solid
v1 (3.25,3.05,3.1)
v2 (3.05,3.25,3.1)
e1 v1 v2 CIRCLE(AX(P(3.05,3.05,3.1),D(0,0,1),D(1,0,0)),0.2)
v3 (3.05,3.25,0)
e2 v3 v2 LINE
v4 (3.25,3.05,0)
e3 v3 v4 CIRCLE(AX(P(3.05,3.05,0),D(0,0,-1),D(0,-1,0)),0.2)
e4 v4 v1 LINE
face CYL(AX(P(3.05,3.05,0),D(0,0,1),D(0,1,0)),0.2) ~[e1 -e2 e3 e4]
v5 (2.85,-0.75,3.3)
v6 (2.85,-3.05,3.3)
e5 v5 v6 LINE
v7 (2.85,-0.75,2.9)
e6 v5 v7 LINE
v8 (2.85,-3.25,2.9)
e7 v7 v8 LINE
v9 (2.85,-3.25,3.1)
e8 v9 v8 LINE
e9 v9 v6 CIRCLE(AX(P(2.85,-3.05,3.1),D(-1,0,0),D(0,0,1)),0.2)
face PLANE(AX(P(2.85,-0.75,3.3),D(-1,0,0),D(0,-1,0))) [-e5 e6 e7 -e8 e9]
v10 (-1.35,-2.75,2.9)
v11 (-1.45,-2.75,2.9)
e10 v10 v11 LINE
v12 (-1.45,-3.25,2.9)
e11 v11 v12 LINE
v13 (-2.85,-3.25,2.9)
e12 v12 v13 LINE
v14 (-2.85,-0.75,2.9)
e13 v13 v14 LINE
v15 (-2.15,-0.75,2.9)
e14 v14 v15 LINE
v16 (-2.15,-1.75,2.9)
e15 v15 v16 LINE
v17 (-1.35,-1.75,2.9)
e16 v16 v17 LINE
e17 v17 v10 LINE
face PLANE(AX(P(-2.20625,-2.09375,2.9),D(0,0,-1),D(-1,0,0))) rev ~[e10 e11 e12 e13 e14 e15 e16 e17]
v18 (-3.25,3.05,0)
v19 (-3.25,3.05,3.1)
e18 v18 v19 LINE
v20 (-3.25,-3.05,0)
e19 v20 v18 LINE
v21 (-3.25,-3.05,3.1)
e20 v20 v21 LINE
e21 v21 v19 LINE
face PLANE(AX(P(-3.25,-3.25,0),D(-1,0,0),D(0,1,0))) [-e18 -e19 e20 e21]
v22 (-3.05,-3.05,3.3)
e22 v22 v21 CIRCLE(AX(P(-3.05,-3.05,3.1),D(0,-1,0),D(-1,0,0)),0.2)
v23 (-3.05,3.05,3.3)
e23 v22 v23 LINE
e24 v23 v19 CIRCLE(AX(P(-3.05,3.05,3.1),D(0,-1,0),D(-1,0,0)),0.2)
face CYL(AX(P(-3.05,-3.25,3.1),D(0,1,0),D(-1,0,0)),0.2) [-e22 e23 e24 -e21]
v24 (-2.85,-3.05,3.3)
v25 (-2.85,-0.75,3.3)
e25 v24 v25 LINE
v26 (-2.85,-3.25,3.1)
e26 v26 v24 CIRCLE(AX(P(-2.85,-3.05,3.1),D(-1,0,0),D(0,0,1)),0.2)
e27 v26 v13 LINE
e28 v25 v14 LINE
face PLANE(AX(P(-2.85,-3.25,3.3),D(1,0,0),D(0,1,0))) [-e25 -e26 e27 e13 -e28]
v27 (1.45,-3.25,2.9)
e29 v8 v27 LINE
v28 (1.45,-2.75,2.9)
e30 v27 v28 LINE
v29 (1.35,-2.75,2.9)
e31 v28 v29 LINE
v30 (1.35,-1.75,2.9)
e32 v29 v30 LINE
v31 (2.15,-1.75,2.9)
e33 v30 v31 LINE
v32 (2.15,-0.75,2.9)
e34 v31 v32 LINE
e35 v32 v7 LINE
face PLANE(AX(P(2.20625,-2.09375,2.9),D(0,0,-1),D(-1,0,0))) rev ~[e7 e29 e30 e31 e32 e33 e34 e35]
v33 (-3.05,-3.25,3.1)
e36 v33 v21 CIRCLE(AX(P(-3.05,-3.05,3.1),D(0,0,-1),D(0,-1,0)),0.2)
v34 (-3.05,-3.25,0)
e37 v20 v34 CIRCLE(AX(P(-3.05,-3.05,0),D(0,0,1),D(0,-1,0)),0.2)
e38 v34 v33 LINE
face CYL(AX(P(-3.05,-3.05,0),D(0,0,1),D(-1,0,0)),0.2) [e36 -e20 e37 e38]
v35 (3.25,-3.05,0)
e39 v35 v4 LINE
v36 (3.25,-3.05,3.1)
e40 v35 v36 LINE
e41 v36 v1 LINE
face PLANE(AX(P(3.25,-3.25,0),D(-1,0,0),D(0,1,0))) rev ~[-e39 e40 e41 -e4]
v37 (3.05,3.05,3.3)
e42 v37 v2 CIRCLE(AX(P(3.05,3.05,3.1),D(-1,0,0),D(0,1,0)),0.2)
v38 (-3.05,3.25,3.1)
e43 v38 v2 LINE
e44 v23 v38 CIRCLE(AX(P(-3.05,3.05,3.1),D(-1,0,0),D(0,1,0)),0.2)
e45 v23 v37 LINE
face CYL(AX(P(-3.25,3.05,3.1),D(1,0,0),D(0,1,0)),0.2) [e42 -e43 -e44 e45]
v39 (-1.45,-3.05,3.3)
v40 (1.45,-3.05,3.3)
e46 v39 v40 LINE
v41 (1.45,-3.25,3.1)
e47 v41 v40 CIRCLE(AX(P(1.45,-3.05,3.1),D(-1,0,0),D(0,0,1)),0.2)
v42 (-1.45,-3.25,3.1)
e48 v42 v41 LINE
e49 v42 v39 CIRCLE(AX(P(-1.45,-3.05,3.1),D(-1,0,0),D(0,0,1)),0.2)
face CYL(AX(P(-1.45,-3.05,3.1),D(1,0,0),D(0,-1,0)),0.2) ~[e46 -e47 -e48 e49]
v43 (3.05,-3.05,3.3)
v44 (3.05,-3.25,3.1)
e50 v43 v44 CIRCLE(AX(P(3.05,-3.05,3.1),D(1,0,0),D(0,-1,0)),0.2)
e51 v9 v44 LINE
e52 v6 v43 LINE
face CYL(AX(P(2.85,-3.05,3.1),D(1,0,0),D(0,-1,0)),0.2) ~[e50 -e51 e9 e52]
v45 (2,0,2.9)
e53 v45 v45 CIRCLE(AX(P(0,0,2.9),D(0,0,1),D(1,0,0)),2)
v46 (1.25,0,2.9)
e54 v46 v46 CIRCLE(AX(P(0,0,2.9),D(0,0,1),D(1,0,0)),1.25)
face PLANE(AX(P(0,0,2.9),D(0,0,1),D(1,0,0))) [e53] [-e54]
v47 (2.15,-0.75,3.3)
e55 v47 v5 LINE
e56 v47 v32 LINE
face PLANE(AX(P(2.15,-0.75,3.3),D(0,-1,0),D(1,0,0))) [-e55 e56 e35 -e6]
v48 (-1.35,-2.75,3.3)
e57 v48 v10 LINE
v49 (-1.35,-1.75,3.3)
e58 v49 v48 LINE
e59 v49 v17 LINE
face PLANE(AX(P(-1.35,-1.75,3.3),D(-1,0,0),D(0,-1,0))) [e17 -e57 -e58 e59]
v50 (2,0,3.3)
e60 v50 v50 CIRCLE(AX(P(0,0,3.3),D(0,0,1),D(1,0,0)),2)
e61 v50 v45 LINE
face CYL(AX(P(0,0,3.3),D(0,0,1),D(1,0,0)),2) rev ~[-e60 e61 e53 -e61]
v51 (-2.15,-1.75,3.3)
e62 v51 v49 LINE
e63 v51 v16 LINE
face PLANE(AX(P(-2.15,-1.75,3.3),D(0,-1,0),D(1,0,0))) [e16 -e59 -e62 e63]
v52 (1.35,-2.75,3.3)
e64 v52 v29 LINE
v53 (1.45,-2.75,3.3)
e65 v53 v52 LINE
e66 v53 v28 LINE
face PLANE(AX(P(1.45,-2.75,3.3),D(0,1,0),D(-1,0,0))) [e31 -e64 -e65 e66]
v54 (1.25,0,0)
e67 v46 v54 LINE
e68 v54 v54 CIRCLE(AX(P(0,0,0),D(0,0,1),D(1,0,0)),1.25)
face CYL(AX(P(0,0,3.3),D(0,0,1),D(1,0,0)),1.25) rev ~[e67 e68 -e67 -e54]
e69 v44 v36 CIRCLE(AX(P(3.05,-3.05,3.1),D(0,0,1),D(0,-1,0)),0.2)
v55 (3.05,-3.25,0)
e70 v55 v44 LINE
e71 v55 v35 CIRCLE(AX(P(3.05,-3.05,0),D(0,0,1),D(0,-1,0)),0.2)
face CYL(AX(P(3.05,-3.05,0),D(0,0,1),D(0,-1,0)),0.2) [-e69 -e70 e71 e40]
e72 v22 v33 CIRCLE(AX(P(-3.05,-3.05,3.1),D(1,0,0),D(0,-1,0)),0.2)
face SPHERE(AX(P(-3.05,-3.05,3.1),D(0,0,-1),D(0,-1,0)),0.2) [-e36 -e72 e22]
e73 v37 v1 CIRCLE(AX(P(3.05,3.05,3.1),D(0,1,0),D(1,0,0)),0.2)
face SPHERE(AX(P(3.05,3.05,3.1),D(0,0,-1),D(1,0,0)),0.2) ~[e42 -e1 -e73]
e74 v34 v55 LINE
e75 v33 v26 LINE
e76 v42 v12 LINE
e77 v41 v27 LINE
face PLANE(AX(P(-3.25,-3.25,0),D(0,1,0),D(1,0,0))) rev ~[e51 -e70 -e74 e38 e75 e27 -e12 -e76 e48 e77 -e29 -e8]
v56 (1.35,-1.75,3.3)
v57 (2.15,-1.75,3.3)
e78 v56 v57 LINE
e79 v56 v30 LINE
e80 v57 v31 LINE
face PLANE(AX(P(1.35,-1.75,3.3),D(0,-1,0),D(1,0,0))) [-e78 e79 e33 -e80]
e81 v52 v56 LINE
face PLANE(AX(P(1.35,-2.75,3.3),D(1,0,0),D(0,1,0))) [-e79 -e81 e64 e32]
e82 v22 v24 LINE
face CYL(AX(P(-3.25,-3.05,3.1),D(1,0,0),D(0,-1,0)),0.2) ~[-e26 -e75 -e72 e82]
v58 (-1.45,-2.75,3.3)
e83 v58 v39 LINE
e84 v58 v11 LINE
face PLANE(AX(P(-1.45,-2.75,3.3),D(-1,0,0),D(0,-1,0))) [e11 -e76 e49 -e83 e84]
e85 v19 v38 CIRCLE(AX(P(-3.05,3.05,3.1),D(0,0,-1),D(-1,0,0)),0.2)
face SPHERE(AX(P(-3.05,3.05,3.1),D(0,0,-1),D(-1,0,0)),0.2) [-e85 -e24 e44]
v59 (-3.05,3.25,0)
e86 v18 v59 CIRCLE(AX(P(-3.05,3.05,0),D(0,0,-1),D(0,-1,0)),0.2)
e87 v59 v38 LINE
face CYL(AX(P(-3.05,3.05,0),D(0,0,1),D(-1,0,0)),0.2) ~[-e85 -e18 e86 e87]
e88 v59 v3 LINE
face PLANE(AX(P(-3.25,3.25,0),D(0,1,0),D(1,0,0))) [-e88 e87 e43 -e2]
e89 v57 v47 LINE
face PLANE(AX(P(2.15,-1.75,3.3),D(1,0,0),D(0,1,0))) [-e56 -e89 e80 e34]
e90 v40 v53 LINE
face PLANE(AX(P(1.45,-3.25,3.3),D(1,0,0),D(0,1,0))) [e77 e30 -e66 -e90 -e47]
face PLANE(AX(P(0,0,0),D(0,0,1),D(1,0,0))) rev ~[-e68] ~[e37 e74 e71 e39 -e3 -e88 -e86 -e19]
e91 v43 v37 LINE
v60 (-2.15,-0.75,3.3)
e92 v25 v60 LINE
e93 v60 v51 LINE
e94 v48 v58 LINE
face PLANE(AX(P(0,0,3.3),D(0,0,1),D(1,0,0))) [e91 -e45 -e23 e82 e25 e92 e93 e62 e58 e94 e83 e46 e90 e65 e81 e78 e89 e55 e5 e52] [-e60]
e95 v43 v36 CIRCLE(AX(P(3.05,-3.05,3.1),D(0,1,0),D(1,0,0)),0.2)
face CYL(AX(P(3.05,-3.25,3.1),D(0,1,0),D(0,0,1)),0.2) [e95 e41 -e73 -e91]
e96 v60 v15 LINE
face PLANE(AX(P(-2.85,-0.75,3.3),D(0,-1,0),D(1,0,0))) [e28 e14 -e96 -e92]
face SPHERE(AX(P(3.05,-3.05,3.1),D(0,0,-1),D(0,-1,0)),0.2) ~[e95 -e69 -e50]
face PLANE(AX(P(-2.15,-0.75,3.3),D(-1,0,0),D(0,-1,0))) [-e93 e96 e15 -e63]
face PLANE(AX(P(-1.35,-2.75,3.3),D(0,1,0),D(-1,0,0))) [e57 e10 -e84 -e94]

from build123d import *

# Parameters (mm, degrees)
SKETCH_W        = 6.5
SKETCH_H        = 6.5
PAD_DEPTH       = 3.3
SKETCH001_R     = 1.25
POCKET_DEPTH    = 3.3
SKETCH002_R     = 2
POCKET001_DEPTH = 0.4
FILLET_R        = 0.2


with BuildPart() as part:
    # Sketch → Pad (new body)
    with BuildSketch(Plane.XY):
        Rectangle(SKETCH_W, SKETCH_H)
    extrude(amount=PAD_DEPTH)

    # Sketch001 (on Face6 of Pad) → Pocket (cut)
    with BuildSketch(Plane.XY.offset(3.3)):
        Circle(SKETCH001_R)
    extrude(amount=-POCKET_DEPTH, mode=Mode.SUBTRACT)

    # Sketch002 (on Face5 of Pocket) → Pocket001 (cut)
    with BuildSketch(Plane.XY.offset(3.3)):
        Circle(SKETCH002_R)
        Polygon((-2.85, -0.75), (-2.15, -0.75), (-2.15, -1.75), (-1.35, -1.75), (-1.35, -2.75), (-1.45, -2.75), (-1.45, -3.25), (-2.85, -3.25), align=None)
        Polygon((2.15, -0.75), (2.85, -0.75), (2.85, -3.25), (1.45, -3.25), (1.45, -2.75), (1.35, -2.75), (1.35, -1.75), (2.15, -1.75), align=None)
    extrude(amount=-POCKET001_DEPTH, mode=Mode.SUBTRACT)

    # Fillet
    fillet_edges = [part.edges().sort_by_distance(p)[0] for p in [
        (-3.25, -3.25, 1.65),
        (3.25, -3.25, 1.65),
        (3.25, 3.25, 1.65),
        (-3.25, 3.25, 1.65),
        (0, -3.25, 3.3),
        (-3.05, -3.25, 3.3),
        (3.05, -3.25, 3.3),
        (3.25, 0, 3.3),
        (-3.25, 0, 3.3),
        (0, 3.25, 3.3),
    ]]
    fillet(fillet_edges, radius=FILLET_R)


solid = part.part
